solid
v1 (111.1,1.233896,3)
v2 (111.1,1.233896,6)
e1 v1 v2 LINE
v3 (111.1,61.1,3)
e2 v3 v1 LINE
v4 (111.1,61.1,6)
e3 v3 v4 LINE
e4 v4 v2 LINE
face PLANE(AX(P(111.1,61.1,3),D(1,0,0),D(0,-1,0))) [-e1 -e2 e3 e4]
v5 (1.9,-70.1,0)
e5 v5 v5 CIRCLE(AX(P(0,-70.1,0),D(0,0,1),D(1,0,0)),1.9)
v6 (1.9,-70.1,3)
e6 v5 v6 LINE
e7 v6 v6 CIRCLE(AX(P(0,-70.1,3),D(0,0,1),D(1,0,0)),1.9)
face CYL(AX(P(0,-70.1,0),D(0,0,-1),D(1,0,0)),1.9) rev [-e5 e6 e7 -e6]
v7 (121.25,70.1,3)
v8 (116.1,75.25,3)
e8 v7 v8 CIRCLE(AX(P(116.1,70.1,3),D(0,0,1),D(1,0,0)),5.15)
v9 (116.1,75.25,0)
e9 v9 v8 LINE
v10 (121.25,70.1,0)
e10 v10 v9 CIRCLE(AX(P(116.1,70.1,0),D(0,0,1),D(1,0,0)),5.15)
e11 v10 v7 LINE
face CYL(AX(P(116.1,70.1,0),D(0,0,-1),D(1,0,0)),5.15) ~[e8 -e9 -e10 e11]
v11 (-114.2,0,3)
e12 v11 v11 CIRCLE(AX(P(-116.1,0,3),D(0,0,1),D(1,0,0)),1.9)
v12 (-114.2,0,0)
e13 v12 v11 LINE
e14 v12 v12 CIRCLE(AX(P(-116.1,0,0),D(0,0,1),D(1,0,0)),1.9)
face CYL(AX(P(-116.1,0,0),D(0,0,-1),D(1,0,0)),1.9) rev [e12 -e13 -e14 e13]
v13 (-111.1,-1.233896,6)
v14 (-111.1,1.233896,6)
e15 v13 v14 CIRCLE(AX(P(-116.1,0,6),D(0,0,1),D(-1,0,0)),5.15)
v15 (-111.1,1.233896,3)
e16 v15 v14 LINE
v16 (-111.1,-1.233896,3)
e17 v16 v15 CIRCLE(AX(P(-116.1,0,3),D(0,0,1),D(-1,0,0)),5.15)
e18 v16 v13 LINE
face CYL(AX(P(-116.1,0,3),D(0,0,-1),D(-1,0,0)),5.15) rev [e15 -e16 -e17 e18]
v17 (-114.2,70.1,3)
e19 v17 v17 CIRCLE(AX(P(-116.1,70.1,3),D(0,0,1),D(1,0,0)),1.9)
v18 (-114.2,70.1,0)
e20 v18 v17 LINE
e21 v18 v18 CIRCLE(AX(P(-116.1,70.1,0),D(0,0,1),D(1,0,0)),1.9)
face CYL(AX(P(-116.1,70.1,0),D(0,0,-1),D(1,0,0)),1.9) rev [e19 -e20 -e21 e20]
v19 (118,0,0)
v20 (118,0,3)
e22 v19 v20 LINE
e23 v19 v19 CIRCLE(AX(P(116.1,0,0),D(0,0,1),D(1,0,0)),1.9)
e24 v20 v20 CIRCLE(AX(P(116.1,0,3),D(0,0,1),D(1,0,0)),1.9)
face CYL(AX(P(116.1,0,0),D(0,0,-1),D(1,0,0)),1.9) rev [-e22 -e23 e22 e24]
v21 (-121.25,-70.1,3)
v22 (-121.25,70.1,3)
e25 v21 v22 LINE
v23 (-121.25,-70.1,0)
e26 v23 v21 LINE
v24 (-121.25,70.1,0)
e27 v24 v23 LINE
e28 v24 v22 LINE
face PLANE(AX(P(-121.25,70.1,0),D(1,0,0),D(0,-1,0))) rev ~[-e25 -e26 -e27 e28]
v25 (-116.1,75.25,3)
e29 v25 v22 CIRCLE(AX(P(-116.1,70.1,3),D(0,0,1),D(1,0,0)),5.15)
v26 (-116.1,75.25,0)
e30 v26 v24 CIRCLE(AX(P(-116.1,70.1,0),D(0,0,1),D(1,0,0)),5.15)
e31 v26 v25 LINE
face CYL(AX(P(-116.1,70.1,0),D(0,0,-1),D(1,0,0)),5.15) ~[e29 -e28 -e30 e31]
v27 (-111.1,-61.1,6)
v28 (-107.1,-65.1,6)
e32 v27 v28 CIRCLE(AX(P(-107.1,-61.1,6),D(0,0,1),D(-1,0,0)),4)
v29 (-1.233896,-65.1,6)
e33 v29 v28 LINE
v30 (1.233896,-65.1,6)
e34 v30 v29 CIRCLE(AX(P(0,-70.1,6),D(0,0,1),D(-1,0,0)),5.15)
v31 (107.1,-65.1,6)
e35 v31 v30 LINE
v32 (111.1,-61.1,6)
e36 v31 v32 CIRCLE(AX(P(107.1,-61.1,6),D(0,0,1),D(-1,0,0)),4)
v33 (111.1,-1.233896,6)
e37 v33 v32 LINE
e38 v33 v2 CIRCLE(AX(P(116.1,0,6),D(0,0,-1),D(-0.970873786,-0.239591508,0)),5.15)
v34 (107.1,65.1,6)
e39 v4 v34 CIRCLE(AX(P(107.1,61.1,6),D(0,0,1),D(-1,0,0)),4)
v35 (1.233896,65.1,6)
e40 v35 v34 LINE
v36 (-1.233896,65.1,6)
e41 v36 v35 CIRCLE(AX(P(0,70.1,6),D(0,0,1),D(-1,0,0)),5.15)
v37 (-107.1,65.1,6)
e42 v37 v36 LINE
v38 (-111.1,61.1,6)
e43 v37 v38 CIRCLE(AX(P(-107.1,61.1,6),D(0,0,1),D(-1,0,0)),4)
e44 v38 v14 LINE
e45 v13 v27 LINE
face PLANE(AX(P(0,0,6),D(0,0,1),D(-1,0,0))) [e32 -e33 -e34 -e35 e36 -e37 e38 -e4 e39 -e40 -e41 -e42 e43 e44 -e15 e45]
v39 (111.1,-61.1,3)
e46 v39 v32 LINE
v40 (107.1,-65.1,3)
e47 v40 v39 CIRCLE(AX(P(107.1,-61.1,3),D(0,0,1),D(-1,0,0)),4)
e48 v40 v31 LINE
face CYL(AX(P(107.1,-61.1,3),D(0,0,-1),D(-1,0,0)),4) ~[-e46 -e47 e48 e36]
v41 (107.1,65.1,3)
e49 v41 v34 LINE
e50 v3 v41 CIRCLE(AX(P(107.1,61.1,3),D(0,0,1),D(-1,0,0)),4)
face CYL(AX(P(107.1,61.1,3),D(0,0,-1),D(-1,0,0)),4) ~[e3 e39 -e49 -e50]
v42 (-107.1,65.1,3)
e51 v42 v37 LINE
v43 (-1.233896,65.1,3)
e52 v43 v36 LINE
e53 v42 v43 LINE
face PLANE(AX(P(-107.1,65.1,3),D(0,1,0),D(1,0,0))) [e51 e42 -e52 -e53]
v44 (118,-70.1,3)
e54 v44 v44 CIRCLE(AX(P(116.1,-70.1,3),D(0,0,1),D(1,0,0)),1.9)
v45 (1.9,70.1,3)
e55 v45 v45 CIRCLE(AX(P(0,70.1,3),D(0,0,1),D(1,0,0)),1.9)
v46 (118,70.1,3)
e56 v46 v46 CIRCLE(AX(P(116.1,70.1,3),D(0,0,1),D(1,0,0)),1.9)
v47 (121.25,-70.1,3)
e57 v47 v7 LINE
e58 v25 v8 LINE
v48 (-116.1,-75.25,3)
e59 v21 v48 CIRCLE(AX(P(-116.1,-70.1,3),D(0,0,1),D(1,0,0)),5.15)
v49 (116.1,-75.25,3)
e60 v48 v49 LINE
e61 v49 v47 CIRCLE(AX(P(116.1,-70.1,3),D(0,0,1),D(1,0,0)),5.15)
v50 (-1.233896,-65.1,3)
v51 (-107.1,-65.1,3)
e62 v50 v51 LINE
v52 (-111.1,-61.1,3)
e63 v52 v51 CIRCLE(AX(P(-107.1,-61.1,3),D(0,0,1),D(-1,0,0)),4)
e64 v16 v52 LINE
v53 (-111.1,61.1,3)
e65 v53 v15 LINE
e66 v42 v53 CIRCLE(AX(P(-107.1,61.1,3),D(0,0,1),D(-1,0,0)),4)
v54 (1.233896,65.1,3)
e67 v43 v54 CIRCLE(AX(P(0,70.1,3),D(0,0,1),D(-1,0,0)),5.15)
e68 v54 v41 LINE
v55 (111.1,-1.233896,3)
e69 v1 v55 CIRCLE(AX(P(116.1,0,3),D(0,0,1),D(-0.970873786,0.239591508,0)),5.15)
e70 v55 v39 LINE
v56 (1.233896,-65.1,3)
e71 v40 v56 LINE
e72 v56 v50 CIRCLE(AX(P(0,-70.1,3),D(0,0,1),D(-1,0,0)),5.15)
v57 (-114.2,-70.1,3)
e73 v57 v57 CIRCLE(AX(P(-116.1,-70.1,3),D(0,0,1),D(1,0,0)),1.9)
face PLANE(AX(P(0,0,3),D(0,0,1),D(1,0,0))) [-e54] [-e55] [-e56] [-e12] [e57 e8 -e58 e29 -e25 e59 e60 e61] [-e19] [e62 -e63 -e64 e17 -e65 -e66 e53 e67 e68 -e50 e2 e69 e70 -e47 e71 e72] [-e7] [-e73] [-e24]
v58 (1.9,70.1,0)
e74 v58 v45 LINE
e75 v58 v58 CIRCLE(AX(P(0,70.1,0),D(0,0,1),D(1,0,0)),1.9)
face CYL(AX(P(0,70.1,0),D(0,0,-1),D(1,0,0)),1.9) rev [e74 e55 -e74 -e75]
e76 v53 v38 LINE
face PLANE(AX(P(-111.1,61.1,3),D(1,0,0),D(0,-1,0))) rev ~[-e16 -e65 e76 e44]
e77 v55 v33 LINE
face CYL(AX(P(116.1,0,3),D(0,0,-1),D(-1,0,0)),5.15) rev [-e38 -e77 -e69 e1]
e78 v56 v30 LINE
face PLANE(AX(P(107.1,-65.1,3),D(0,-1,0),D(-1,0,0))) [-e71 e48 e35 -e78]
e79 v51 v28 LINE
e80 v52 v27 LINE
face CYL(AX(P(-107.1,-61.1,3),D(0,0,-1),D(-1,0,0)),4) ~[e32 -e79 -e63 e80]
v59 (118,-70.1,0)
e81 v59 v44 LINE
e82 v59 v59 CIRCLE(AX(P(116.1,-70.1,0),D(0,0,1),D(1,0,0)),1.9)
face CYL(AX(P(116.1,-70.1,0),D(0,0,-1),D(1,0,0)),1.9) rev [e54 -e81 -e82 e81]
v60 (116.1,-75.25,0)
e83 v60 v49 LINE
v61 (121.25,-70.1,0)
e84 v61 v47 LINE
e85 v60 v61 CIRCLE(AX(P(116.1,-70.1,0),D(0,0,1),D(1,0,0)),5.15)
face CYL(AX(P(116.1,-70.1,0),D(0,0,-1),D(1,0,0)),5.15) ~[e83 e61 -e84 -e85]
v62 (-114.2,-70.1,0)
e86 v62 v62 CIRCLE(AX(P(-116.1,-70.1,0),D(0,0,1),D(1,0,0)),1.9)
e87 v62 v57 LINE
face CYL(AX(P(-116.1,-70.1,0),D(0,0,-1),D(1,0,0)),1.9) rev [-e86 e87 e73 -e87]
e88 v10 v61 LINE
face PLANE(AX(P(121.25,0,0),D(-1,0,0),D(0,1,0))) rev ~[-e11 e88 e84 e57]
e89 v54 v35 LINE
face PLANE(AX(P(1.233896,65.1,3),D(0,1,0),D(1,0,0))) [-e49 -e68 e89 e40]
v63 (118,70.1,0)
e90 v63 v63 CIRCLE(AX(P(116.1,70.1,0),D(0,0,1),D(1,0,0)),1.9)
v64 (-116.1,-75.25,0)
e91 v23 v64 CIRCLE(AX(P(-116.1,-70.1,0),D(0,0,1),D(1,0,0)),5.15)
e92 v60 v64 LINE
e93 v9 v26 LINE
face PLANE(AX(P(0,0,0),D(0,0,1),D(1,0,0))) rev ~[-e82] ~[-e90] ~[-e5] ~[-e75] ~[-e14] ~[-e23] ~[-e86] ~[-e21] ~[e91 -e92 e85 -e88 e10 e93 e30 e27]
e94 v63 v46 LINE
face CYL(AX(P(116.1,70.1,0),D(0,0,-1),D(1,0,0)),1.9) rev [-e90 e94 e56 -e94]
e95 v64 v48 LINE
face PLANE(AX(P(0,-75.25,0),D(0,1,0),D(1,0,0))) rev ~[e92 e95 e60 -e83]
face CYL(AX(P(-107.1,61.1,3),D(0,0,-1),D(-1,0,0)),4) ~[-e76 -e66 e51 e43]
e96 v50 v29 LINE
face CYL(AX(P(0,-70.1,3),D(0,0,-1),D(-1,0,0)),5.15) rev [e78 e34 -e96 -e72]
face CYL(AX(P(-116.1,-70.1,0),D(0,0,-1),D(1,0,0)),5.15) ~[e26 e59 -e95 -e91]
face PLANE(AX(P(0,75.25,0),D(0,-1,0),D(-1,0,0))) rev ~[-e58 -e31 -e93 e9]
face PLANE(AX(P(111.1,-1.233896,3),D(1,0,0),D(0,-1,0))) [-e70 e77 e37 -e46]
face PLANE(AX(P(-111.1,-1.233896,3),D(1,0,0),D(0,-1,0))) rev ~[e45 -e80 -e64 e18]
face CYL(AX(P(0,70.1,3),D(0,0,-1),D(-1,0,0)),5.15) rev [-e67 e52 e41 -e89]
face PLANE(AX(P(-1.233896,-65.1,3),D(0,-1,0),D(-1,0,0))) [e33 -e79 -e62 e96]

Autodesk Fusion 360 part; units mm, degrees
sketch "Sketch1" plane through (0, 0, 0) normal (0, 0, 1) x (1, 0, 0)
  line L0 (-116.1, 70.1) -> (116.1, 70.1) construction
  line L1 (116.1, 70.1) -> (116.1, -70.1) construction
  line L2 (116.1, -70.1) -> (-116.1, -70.1) construction
  line L3 (-116.1, -70.1) -> (-116.1, 70.1) construction
  circle A0 centre (-116.1, 70.1) radius 1.9
  circle A1 centre (-116.1, 0) radius 1.9
  circle A2 centre (-116.1, -70.1) radius 1.9
  circle A3 centre (0, 70.1) radius 1.9
  circle A4 centre (0, -70.1) radius 1.9
  circle A5 centre (116.1, -70.1) radius 1.9
  circle A6 centre (116.1, 0) radius 1.9
  circle A7 centre (116.1, 70.1) radius 1.9
  circle A8 centre (-116.1, 70.1) radius 5.15
  circle A9 centre (-116.1, 0) radius 5.15
  circle A10 centre (-116.1, -70.1) radius 5.15
  circle A11 centre (0, -70.1) radius 5.15
  circle A12 centre (0, 70.1) radius 5.15
  circle A13 centre (116.1, 70.1) radius 5.15
  circle A14 centre (116.1, 0) radius 5.15
  circle A15 centre (116.1, -70.1) radius 5.15
  line L4 (-121.25, 70.1) -> (-121.25, -70.1)
  line L5 (-116.1, -75.25) -> (116.1, -75.25)
  line L6 (121.25, -70.1) -> (121.25, 70.1)
  line L7 (116.1, 75.25) -> (-116.1, 75.25)
  point P0 (0, 70.1)
  point P1 (-116.1, 0)
  dimension "d1" = 232.2
  dimension "d2" = 140.2
  dimension "d3" = 3.8
  dimension "d4" = 3.8
  dimension "d5" = 3.8
  dimension "d6" = 3.8
  dimension "d7" = 3.8
  dimension "d8" = 3.8
  dimension "d9" = 3.8
  dimension "d10" = 3.8
  dimension "d11" = 10.3
  dimension "d12" = 10.3
  dimension "d13" = 10.3
  dimension "d15" = 10.3
  dimension "d16" = 10.3
  dimension "d17" = 10.3
  dimension "d18" = 10.3
  dimension "d19" = 10.3
extrude "Extrude1" add sketch "Sketch1" along normal blind 3 contours A8 | A9 | A11 | A14 | A12 | A8 A10 A13 A15 L4 L5 L6 L7 | A13 | A10 | A15
sketch "Sketch2" plane through (0, 0, 3) normal (0, 0, 1) x (-1, 0, 0)
  circle A0 centre (-116.1, 0) radius 1.9
  circle A1 centre (116.1, -70.1) radius 1.9
  circle A2 centre (-116.1, -70.1) radius 1.9
  circle A3 centre (0, -70.1) radius 1.9
  circle A4 centre (116.1, 0) radius 1.9
  circle A5 centre (0, 70.1) radius 1.9
  circle A6 centre (-116.1, 70.1) radius 1.9
  circle A7 centre (116.1, 70.1) radius 1.9
  line L0 (-116.1, -75.25) -> (116.1, -75.25)
  arc A8 (116.1, -75.25) -> (121.25, -70.1) centre (116.1, -70.1) ccw
  line L1 (121.25, -70.1) -> (121.25, 70.1)
  arc A9 (121.25, 70.1) -> (116.1, 75.25) centre (116.1, 70.1) ccw
  line L2 (116.1, 75.25) -> (-116.1, 75.25)
  arc A10 (-116.1, 75.25) -> (-121.25, 70.1) centre (-116.1, 70.1) ccw
  line L3 (-121.25, 70.1) -> (-121.25, -70.1)
  arc A11 (-121.25, -70.1) -> (-116.1, -75.25) centre (-116.1, -70.1) ccw
  circle A12 centre (116.1, -70.1) radius 5.15
  circle A13 centre (116.1, 0) radius 5.15
  circle A14 centre (116.1, 70.1) radius 5.15
  circle A15 centre (0, -70.1) radius 5.15
  circle A16 centre (-116.1, -70.1) radius 5.15
  circle A17 centre (-116.1, 0) radius 5.15
  circle A18 centre (-116.1, 70.1) radius 5.15
  circle A19 centre (0, 70.1) radius 5.15
  line L4 (116.1, 0) -> (-116.1, 0) construction
  line L5 (0, -70.1) -> (0, 70.1) construction
  circle A20 centre (107.1, -61.1) radius 4
  circle A21 centre (107.1, 61.1) radius 4
  circle A22 centre (-107.1, -61.1) radius 4
  circle A23 centre (-107.1, 61.1) radius 4
  line L6 (116.1, -70.1) -> (116.1, 70.1) construction
  line L7 (116.1, 70.1) -> (-116.1, 70.1) construction
  line L8 (-116.1, 70.1) -> (-116.1, -70.1) construction
  line L9 (-116.1, -70.1) -> (116.1, -70.1) construction
  line L10 (107.1, -65.1) -> (-107.1, -65.1)
  line L11 (-111.1, -61.1) -> (-111.1, 61.1)
  line L12 (-107.1, 65.1) -> (107.1, 65.1)
  line L13 (111.1, -61.1) -> (111.1, 61.1)
  dimension "d22" = 10.3
  dimension "d23" = 10.3
  dimension "d24" = 10.3
  dimension "d25" = 10.3
  dimension "d26" = 10.3
  dimension "d27" = 10.3
  dimension "d28" = 10.3
  dimension "d29" = 10.3
  dimension "d30" = 8
  dimension "d31" = 8
  dimension "d32" = 8
  dimension "d33" = 8
  dimension "d36" = 5
  dimension "d37" = 5
extrude "Extrude4" add sketch "Sketch2" along normal blind 3 contours A13 A15 A17 A19 A20 A21 A22 A23 L10 L11 L12 L13 | A22 | A20 | A23 | A21
equation "d4 = d3"
equation "d5 = d3"
equation "d6 = d3"
equation "d7 = d3"
equation "d8 = d3"
equation "d9 = d3"
equation "d10 = d3"
equation "d12 = d11"
equation "d13 = d11"
equation "d15 = d11"
equation "d16 = d11"
equation "d17 = d11"
equation "d18 = d11"
equation "d19 = d11"
equation "d22 = d11"
equation "d23 = d11"
equation "d24 = d11"
equation "d25 = d11"
equation "d26 = d11"
equation "d27 = d11"
equation "d28 = d11"
equation "d29 = d11"
equation "d31 = d30"
equation "d32 = d30"
equation "d33 = d30"
equation "d37 = d36"
